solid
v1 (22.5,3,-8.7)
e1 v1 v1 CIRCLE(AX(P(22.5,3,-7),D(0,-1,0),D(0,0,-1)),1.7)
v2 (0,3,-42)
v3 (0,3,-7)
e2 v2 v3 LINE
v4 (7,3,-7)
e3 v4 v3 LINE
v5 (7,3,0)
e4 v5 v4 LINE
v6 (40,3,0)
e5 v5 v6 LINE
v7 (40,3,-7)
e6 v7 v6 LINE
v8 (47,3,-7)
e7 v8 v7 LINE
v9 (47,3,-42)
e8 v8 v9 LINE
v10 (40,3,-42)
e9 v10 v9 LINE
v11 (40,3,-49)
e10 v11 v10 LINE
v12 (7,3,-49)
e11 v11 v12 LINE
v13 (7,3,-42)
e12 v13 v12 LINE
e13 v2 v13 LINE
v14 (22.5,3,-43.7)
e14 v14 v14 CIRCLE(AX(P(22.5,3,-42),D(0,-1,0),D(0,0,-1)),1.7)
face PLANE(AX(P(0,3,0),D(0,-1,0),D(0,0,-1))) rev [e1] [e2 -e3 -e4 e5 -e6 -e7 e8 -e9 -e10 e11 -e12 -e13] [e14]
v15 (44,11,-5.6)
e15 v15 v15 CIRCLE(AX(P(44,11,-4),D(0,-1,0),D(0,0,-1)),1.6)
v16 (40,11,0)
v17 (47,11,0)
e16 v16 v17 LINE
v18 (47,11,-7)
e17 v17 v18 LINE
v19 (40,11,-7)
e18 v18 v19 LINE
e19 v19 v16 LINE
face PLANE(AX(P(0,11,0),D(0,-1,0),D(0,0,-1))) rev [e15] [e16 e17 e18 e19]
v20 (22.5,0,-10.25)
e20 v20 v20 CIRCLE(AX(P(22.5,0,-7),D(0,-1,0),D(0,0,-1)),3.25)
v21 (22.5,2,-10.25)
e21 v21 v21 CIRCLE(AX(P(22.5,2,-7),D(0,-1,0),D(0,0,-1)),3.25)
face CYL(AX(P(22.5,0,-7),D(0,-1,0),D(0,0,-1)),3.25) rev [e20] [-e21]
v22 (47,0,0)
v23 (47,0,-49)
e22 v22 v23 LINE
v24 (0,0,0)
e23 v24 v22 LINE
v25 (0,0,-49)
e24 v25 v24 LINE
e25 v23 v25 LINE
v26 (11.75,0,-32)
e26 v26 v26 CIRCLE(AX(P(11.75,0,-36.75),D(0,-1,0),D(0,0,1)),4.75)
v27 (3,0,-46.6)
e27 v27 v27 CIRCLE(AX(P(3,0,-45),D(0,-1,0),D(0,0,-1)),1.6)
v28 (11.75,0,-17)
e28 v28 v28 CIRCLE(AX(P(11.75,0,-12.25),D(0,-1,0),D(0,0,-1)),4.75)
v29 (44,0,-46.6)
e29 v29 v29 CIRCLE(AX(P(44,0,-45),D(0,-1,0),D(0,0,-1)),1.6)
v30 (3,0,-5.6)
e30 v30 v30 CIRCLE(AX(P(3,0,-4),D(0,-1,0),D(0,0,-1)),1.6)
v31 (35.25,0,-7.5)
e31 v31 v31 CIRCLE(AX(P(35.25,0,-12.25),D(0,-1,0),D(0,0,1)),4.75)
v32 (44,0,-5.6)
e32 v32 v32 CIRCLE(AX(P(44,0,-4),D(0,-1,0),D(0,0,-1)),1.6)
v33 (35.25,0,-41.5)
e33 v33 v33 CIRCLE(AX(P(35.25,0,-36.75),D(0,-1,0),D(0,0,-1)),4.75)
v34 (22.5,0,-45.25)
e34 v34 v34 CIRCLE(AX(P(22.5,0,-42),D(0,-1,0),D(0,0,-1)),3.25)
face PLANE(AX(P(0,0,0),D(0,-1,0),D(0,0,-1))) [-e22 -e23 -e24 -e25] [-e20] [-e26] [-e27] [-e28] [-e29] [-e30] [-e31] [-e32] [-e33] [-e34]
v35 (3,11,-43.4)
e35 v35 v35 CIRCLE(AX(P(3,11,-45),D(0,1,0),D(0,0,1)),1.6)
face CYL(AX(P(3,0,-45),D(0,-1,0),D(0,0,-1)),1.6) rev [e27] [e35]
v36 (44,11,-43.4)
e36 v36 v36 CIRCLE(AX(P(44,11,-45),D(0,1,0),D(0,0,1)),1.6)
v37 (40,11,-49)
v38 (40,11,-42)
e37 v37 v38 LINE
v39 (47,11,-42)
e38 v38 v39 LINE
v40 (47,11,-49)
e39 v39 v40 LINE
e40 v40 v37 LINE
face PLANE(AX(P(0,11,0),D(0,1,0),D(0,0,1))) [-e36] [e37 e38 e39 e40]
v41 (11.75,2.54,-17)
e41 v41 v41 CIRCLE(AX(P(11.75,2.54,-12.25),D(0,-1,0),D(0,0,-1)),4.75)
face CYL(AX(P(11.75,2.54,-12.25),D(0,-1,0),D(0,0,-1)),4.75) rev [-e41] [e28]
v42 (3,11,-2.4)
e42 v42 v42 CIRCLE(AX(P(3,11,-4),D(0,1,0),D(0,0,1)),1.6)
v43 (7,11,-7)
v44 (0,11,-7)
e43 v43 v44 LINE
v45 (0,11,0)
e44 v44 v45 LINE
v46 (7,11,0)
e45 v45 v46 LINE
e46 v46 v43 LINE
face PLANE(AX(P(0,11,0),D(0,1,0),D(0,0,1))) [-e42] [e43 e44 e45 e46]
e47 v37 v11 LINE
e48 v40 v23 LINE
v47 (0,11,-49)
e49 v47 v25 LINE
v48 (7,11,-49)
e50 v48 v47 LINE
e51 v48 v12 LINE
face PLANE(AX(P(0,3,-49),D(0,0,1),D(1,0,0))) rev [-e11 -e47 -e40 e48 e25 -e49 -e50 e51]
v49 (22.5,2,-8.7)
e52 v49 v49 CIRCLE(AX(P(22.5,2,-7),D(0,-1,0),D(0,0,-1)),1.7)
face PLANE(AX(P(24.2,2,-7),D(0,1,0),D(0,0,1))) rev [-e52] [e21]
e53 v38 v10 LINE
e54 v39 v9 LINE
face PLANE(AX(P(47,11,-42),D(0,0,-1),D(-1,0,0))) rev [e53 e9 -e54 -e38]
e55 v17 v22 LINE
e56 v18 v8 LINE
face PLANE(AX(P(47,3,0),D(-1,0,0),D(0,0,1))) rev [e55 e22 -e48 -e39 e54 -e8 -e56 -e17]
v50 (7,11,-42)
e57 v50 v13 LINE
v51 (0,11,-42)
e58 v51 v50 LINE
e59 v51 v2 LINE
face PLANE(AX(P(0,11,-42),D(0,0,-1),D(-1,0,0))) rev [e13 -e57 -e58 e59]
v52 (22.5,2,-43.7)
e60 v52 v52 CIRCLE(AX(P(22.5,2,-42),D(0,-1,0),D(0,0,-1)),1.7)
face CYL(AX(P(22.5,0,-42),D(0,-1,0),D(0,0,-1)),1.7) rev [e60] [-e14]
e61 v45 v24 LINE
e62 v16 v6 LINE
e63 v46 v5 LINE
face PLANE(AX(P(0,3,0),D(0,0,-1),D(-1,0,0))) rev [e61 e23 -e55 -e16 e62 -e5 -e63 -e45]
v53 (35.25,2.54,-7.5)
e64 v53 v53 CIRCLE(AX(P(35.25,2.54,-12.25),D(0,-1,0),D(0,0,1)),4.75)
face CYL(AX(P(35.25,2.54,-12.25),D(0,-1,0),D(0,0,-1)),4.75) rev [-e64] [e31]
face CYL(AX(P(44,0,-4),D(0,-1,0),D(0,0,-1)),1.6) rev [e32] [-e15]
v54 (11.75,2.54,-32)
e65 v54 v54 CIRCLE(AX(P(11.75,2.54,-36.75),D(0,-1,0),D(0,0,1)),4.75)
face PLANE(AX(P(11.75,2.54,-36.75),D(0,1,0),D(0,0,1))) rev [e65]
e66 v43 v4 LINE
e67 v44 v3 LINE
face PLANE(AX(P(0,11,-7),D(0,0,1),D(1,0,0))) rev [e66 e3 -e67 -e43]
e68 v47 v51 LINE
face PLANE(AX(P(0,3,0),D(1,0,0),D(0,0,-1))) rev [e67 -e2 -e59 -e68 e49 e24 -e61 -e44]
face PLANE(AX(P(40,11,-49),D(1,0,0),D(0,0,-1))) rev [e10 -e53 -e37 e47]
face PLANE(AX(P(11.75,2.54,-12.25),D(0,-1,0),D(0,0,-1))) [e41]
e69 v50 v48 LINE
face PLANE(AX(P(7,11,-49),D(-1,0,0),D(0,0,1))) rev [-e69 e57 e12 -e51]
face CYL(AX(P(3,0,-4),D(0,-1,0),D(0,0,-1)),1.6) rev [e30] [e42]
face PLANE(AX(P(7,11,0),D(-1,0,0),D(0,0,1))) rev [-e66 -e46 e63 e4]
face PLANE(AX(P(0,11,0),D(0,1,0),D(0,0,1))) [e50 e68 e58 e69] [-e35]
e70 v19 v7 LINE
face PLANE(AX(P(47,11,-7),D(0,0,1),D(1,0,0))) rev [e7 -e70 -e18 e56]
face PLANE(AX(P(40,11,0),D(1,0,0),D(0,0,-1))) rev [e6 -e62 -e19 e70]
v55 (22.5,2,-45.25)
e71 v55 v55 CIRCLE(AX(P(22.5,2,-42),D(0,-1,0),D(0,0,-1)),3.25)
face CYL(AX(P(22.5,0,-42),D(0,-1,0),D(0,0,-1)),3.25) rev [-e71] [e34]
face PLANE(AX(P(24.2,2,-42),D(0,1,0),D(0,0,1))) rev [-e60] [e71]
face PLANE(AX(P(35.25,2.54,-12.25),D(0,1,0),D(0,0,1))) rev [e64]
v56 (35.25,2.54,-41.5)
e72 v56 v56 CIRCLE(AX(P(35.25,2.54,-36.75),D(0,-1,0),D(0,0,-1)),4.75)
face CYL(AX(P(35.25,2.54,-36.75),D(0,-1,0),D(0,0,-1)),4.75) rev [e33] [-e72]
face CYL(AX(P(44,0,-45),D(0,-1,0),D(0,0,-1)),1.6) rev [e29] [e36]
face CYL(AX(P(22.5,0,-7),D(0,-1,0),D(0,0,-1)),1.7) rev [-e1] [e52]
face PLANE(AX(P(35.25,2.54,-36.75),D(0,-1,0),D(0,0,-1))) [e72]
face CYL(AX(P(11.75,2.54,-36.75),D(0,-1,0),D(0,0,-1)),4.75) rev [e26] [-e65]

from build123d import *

# Parameters (mm, degrees)
CROQUIS1_W                                           = 47
CROQUIS1_H                                           = 49
SALIENTE_EXTRUIR1_DEPTH                              = 3
CROQUIS14_W                                          = 7
CROQUIS14_H                                          = 7
SALIENTE_EXTRUIR4_DEPTH                              = 8
TALADRO_DE_MARGEN_PARA_M35_D                         = 3.2
REFRENTADO_PARA_TORNILLO_CON_CABEZA_PLAN_D           = 3.4
REFRENTADO_PARA_TORNILLO_CON_CABEZA_PLAN_CBORE_D     = 6.5
REFRENTADO_PARA_TORNILLO_CON_CABEZA_PLAN_CBORE_DEPTH = 2
CROQUIS25_R                                          = 4.75
CORTAR_EXTRUIR4_DEPTH                                = 2.54


with BuildPart() as part:
    # Croquis1 → Saliente-Extruir1 (new body)
    with BuildSketch(Plane(origin=(0, 0, 0), x_dir=(1, 0, 0), z_dir=(0, 1, 0))):
        with Locations((23.5, 24.5)):
            Rectangle(CROQUIS1_W, CROQUIS1_H)
    extrude(amount=SALIENTE_EXTRUIR1_DEPTH)

    # Croquis14 → Saliente-Extruir4 (add)
    with BuildSketch(Plane(origin=(0, 3, 0), x_dir=(1, 0, 0), z_dir=(0, 1, 0))):
        with Locations((3.5, 45.5)):
            Rectangle(CROQUIS14_W, CROQUIS14_H)
        with Locations((43.5, 45.5)):
            Rectangle(CROQUIS14_W, CROQUIS14_H)
        with Locations((43.5, 3.5)):
            Rectangle(CROQUIS14_W, CROQUIS14_H)
        with Locations((3.5, 3.5)):
            Rectangle(CROQUIS14_W, CROQUIS14_H)
    extrude(amount=SALIENTE_EXTRUIR4_DEPTH)

    # Taladro de margen para M35 (through all)
    with Locations(Plane(origin=(3, 0, -4), x_dir=(0, 0, -1), z_dir=(0, -1, 0))):
        with Locations((0, 0), (0, 41), (41, 41), (41, 0)):
            Hole(TALADRO_DE_MARGEN_PARA_M35_D / 2)

    # Refrentado para tornillo con cabeza plana de M31 (through all)
    with Locations(Plane(origin=(22.5, 0, -7), x_dir=(0, 0, -1), z_dir=(0, -1, 0))):
        with Locations((0, 0), (35, 0)):
            CounterBoreHole(REFRENTADO_PARA_TORNILLO_CON_CABEZA_PLAN_D / 2, REFRENTADO_PARA_TORNILLO_CON_CABEZA_PLAN_CBORE_D / 2, REFRENTADO_PARA_TORNILLO_CON_CABEZA_PLAN_CBORE_DEPTH)

    # Croquis25 → Cortar-Extruir4 (cut)
    with BuildSketch(Plane.XZ):
        with Locations(Location((11.75, -12.25, 0), (0, 0, 270))):
            Circle(CROQUIS25_R)
        with Locations(Location((35.25, -12.25, 0), (0, 0, 90))):
            Circle(CROQUIS25_R)
        with Locations(Location((35.25, -36.75, 0), (0, 0, 270))):
            Circle(CROQUIS25_R)
        with Locations(Location((11.75, -36.75, 0), (0, 0, 90))):
            Circle(CROQUIS25_R)
    extrude(amount=-CORTAR_EXTRUIR4_DEPTH, mode=Mode.SUBTRACT)


solid = part.part
